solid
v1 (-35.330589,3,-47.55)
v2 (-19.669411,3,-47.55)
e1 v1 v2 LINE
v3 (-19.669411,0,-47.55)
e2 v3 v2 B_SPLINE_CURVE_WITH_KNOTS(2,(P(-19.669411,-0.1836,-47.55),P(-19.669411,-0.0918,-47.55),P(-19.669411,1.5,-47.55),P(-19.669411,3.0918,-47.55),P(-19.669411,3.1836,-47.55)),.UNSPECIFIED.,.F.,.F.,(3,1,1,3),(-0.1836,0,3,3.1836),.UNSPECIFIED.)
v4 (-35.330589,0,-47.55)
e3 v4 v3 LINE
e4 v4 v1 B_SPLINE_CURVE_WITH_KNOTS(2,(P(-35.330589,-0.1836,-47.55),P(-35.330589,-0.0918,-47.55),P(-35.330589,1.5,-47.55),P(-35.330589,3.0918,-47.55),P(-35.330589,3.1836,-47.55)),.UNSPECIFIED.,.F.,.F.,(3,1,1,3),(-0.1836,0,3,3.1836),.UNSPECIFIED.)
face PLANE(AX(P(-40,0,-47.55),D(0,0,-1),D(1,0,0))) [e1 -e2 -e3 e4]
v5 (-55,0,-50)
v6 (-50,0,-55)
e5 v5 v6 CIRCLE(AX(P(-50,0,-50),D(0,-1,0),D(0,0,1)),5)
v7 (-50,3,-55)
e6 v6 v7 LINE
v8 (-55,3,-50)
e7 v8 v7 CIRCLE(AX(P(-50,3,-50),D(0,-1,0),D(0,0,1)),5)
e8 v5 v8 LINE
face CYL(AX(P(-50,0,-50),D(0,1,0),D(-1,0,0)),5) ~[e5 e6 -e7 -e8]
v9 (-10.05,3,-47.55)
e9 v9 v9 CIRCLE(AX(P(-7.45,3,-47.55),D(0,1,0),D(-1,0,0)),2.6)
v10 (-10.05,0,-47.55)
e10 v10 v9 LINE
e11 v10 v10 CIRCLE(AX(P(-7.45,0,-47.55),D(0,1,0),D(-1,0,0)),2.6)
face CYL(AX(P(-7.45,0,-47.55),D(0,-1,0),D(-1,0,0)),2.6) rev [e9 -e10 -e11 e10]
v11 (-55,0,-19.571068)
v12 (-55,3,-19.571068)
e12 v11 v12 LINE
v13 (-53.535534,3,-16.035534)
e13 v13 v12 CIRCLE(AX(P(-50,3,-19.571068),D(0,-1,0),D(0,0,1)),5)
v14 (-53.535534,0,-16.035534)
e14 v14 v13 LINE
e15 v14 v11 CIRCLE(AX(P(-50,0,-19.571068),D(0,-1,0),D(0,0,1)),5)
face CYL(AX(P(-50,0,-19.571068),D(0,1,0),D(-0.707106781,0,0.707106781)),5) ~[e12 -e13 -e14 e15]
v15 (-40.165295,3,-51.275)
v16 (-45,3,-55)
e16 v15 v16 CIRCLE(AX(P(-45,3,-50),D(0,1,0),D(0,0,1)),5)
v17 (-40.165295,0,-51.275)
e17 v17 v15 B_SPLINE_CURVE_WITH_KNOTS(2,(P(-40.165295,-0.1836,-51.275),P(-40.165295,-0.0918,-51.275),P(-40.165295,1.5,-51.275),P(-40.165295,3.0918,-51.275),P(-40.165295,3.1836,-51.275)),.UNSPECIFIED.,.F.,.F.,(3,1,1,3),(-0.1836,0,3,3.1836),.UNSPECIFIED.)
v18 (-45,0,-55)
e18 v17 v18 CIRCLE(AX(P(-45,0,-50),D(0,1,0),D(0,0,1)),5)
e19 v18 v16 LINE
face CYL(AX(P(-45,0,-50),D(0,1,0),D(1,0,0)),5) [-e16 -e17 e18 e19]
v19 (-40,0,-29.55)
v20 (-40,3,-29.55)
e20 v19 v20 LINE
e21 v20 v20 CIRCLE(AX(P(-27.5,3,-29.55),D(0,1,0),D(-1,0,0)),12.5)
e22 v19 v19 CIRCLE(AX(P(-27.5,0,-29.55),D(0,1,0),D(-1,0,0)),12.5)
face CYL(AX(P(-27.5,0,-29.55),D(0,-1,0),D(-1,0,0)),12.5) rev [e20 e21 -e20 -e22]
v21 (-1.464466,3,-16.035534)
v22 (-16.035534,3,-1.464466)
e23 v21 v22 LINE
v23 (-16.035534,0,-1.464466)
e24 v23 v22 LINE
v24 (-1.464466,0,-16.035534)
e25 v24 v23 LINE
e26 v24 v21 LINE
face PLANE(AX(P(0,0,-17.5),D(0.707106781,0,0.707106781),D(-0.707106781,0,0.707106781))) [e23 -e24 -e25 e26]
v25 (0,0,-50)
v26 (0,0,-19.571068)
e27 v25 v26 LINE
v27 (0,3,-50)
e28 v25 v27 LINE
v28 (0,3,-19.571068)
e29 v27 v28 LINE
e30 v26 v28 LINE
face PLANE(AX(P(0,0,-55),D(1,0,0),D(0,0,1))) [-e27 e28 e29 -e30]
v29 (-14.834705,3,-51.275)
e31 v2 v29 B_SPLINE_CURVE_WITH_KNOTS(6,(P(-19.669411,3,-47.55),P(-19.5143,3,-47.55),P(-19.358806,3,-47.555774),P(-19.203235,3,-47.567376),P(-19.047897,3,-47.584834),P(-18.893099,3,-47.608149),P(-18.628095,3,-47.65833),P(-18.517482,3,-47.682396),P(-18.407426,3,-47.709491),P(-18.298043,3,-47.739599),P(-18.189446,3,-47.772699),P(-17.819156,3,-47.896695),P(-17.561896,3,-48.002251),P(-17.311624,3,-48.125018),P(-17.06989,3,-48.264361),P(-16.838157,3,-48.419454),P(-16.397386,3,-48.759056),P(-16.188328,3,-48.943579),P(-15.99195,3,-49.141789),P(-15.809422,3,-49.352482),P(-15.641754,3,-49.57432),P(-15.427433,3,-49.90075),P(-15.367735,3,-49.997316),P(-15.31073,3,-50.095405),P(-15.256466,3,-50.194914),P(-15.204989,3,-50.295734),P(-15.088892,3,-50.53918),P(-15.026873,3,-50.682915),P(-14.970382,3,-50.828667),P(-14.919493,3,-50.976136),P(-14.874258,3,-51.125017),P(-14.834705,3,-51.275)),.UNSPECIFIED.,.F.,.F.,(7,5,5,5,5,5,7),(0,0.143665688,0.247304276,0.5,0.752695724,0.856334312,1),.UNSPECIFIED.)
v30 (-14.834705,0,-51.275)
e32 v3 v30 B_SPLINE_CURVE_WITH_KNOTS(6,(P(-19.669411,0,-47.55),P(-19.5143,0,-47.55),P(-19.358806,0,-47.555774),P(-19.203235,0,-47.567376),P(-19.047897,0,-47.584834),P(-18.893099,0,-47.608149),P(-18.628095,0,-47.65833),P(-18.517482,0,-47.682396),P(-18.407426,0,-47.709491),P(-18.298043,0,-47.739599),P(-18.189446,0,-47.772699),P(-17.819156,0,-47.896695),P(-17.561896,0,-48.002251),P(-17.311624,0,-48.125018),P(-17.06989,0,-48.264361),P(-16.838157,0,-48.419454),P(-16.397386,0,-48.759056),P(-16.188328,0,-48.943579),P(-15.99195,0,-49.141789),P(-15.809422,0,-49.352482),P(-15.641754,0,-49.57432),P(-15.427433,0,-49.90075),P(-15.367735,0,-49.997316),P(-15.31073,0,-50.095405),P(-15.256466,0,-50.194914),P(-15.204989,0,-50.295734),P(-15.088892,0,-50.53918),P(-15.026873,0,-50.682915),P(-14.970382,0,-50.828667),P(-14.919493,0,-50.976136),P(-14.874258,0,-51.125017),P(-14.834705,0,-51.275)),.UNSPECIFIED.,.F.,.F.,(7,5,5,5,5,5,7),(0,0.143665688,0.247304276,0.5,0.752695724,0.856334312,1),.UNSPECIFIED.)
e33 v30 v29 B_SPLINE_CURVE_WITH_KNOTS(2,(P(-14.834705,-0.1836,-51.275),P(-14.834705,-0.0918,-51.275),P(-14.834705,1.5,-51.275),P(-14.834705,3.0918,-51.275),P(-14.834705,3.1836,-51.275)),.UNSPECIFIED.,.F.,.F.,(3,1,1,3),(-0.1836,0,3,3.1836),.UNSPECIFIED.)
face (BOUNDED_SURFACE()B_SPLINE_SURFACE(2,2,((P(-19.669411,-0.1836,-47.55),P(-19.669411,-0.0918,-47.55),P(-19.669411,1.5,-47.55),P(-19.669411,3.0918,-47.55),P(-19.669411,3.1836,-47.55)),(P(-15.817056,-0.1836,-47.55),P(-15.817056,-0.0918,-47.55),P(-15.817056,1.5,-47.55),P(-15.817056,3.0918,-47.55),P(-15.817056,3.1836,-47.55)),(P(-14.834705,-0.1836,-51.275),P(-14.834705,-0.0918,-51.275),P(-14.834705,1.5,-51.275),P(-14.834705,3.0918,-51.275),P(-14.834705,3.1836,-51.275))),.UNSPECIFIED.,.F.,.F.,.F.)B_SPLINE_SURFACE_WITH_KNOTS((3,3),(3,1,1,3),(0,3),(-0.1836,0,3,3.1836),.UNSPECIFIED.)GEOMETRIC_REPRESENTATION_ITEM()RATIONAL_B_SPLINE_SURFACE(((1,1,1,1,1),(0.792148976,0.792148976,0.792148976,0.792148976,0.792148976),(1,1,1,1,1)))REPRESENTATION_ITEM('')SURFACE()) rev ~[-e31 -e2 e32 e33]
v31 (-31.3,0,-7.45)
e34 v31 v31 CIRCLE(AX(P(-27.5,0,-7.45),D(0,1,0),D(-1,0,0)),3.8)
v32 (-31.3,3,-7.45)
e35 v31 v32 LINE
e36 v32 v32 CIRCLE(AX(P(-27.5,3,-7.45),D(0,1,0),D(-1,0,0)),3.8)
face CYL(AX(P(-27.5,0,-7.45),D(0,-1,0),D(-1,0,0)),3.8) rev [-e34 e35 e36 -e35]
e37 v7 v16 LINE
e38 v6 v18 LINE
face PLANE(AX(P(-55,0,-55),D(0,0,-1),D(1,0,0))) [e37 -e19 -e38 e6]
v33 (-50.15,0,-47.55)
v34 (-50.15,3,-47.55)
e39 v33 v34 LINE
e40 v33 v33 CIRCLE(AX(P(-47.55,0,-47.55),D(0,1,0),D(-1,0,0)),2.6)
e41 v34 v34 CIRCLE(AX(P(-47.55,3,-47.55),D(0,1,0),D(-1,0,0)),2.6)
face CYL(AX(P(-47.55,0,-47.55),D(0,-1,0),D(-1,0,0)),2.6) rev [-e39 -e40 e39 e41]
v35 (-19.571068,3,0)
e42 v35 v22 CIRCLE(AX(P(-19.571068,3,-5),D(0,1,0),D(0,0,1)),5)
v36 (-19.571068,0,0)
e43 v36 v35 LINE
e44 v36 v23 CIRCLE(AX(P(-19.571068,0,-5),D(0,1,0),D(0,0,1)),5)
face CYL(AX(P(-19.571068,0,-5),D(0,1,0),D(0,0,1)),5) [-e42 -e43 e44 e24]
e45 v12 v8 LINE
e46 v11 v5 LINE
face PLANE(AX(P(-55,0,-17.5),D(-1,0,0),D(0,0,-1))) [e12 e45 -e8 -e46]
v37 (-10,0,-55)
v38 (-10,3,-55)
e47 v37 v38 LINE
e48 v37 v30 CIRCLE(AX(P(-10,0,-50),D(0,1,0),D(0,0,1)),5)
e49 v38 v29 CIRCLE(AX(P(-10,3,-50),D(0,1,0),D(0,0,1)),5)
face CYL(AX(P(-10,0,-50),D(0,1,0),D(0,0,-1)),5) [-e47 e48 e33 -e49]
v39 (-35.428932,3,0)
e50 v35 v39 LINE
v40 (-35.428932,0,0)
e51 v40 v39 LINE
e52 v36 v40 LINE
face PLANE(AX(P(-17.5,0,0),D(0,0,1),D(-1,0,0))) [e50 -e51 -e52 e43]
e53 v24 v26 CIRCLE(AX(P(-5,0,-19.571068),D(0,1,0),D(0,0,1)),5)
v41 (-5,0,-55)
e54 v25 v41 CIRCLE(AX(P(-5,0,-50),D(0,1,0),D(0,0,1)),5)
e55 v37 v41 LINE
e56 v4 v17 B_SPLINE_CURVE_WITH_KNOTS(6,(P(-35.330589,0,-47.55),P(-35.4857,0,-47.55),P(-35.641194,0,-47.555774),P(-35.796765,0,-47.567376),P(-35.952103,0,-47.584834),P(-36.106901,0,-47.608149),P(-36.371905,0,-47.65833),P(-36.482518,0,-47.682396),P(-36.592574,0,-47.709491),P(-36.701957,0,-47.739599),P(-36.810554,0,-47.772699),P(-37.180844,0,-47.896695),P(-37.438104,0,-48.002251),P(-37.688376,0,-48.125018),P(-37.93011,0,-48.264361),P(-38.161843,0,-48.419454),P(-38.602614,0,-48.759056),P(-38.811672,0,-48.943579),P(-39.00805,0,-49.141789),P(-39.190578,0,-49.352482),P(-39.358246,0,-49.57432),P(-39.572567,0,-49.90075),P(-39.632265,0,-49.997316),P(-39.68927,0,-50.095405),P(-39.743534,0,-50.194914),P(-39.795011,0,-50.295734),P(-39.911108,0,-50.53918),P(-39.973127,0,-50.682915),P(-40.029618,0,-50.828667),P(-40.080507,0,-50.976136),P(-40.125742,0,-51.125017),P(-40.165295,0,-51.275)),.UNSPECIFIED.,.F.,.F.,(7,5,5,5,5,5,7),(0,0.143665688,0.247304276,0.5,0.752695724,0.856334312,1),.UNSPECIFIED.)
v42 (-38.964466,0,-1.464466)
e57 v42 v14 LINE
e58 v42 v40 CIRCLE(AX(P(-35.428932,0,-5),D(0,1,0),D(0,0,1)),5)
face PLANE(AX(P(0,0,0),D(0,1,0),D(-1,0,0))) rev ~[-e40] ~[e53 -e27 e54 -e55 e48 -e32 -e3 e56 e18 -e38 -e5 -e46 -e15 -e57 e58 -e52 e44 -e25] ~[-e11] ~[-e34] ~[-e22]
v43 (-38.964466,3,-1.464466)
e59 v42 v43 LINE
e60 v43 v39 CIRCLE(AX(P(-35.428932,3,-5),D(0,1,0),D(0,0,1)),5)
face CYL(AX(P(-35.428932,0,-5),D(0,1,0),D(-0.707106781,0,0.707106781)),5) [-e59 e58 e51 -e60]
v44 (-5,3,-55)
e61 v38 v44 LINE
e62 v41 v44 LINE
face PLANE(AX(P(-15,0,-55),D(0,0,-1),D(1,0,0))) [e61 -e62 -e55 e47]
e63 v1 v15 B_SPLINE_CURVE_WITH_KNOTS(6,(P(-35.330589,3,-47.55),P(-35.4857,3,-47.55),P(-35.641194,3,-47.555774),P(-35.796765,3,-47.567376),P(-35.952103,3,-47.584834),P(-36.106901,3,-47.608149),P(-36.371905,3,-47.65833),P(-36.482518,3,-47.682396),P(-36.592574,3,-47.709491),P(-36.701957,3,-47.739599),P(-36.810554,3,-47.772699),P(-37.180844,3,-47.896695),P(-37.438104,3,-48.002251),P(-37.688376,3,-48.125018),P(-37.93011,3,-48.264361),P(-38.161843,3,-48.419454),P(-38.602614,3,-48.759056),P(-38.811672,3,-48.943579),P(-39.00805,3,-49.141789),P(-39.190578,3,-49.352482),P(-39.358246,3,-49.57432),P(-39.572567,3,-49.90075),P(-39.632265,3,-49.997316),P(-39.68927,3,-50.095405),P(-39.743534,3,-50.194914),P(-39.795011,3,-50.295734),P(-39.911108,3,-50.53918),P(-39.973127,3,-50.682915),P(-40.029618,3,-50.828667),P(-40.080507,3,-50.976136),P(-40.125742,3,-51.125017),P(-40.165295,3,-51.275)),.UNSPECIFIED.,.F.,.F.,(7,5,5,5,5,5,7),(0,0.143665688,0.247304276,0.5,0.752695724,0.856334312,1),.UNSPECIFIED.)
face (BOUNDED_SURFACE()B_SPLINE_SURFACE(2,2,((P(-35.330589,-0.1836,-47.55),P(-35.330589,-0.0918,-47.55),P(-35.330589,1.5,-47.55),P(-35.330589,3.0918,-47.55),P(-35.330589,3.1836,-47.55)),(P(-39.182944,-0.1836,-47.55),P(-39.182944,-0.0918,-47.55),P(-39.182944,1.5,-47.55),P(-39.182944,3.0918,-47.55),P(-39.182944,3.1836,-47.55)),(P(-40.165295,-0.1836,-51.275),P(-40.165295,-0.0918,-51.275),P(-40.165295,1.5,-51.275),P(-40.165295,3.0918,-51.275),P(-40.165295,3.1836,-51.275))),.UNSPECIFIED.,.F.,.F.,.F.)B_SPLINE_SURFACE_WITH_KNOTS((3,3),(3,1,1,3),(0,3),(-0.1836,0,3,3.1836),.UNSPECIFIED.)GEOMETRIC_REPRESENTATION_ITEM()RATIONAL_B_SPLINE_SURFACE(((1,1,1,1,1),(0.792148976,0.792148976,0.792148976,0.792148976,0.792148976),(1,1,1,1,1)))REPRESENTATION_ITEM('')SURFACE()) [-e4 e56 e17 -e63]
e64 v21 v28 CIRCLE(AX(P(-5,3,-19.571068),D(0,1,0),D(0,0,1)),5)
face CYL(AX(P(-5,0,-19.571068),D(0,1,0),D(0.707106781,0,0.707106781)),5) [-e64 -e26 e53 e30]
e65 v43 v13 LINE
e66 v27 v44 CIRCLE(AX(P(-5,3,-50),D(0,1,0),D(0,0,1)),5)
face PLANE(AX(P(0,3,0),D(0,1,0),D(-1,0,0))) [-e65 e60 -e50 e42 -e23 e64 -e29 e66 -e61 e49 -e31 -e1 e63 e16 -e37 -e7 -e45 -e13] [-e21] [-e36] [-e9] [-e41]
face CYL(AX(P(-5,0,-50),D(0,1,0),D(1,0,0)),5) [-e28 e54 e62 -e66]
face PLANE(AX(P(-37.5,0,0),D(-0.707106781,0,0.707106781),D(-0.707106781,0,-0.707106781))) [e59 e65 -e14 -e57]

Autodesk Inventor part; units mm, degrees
ref_plane "YZ Plane" through (0, 0, 0) normal (1, 0, 0) x (0, 1, 0)
ref_plane "XZ Plane" through (0, 0, 0) normal (0, 1, 0) x (-1, 0, 0)
ref_plane "XY Plane" through (0, 0, 0) normal (0, 0, 1) x (1, 0, 0)
sketch "Sketch1" plane through (0, 0, 0) normal (0, 1, 0) x (-1, 0, 0)
  line L0 (0, 0) -> (55, 0)
  line L1 (55, 0) -> (55, -55)
  line L2 (55, -55) -> (0, -55)
  line L3 (0, -55) -> (0, 0)
  line L4 (47.55, -7.45) -> (7.45, -7.45) construction
  line L5 (7.45, -7.45) -> (7.45, -47.55) construction
  line L6 (7.45, -47.55) -> (47.55, -47.55) construction
  line L7 (47.55, -47.55) -> (47.55, -7.45) construction
  circle A0 centre (47.55, -47.55) radius 2.6
  circle A1 centre (7.45, -47.55) radius 2.6
  circle A2 centre (27.5, -7.45) radius 3.8
  line L8 (0, -17.5) -> (17.5, 0)
  line L9 (37.5, 0) -> (55, -17.5)
  line L10 (17.5, -55) -> (37.5, -55)
  line L11 (15, -55) -> (40, -55)
  line L12 (40, -55) -> (40, -47.55)
  line L13 (40, -47.55) -> (15, -47.55)
  line L14 (15, -47.55) -> (15, -55)
  circle A3 centre (27.5, -29.55) radius 12.5
  dimension "d0" = 55
  dimension "d1" = 55
  dimension "d2" = 40.1
  dimension "d3" = 40.1
  dimension "d6" = 5.2
  dimension "d7" = 5.2
  dimension "d8" = 7.45
  dimension "d9" = 7.45
  dimension "d14" = 7.6
  dimension "d55" = 20
  dimension "d56" = 10
  dimension "d87" = 15
  dimension "d88" = 15
  dimension "d89" = 25
  dimension "d90" = 18
  dimension "d91" = 20.05
extrude "Extrusion1" add sketch "Sketch1" along normal blind 3 contours L0 L9 L1 L2 L12 L13 L14 L3 L8
fillet "Fillet1" radius 5 10 edges at (-55, 1.5, -55) (0, 1.5, -55) (-55, 1.5, -17.5) (-37.5, 1.5, 0) (-17.5, 1.5, 0) (0, 1.5, -17.5) (-15, 1.5, -55) (-40, 1.5, -55) (-15, 1.5, -47.55) (-40, 1.5, -47.55)
equation "\"d1\" = d0"
equation "\"d3\" = d2"
equation "\"d8\" = -0.5 * d2 + 0.5 * d0"
equation "\"d9\" = -0.5 * d3 + 0.5 * d1"
equation "\"d88\" = d87"
equation "\"d91\" = 0.5 * d2"
properties part number "Gantry Plate" material "PC/ABS Plastic"
